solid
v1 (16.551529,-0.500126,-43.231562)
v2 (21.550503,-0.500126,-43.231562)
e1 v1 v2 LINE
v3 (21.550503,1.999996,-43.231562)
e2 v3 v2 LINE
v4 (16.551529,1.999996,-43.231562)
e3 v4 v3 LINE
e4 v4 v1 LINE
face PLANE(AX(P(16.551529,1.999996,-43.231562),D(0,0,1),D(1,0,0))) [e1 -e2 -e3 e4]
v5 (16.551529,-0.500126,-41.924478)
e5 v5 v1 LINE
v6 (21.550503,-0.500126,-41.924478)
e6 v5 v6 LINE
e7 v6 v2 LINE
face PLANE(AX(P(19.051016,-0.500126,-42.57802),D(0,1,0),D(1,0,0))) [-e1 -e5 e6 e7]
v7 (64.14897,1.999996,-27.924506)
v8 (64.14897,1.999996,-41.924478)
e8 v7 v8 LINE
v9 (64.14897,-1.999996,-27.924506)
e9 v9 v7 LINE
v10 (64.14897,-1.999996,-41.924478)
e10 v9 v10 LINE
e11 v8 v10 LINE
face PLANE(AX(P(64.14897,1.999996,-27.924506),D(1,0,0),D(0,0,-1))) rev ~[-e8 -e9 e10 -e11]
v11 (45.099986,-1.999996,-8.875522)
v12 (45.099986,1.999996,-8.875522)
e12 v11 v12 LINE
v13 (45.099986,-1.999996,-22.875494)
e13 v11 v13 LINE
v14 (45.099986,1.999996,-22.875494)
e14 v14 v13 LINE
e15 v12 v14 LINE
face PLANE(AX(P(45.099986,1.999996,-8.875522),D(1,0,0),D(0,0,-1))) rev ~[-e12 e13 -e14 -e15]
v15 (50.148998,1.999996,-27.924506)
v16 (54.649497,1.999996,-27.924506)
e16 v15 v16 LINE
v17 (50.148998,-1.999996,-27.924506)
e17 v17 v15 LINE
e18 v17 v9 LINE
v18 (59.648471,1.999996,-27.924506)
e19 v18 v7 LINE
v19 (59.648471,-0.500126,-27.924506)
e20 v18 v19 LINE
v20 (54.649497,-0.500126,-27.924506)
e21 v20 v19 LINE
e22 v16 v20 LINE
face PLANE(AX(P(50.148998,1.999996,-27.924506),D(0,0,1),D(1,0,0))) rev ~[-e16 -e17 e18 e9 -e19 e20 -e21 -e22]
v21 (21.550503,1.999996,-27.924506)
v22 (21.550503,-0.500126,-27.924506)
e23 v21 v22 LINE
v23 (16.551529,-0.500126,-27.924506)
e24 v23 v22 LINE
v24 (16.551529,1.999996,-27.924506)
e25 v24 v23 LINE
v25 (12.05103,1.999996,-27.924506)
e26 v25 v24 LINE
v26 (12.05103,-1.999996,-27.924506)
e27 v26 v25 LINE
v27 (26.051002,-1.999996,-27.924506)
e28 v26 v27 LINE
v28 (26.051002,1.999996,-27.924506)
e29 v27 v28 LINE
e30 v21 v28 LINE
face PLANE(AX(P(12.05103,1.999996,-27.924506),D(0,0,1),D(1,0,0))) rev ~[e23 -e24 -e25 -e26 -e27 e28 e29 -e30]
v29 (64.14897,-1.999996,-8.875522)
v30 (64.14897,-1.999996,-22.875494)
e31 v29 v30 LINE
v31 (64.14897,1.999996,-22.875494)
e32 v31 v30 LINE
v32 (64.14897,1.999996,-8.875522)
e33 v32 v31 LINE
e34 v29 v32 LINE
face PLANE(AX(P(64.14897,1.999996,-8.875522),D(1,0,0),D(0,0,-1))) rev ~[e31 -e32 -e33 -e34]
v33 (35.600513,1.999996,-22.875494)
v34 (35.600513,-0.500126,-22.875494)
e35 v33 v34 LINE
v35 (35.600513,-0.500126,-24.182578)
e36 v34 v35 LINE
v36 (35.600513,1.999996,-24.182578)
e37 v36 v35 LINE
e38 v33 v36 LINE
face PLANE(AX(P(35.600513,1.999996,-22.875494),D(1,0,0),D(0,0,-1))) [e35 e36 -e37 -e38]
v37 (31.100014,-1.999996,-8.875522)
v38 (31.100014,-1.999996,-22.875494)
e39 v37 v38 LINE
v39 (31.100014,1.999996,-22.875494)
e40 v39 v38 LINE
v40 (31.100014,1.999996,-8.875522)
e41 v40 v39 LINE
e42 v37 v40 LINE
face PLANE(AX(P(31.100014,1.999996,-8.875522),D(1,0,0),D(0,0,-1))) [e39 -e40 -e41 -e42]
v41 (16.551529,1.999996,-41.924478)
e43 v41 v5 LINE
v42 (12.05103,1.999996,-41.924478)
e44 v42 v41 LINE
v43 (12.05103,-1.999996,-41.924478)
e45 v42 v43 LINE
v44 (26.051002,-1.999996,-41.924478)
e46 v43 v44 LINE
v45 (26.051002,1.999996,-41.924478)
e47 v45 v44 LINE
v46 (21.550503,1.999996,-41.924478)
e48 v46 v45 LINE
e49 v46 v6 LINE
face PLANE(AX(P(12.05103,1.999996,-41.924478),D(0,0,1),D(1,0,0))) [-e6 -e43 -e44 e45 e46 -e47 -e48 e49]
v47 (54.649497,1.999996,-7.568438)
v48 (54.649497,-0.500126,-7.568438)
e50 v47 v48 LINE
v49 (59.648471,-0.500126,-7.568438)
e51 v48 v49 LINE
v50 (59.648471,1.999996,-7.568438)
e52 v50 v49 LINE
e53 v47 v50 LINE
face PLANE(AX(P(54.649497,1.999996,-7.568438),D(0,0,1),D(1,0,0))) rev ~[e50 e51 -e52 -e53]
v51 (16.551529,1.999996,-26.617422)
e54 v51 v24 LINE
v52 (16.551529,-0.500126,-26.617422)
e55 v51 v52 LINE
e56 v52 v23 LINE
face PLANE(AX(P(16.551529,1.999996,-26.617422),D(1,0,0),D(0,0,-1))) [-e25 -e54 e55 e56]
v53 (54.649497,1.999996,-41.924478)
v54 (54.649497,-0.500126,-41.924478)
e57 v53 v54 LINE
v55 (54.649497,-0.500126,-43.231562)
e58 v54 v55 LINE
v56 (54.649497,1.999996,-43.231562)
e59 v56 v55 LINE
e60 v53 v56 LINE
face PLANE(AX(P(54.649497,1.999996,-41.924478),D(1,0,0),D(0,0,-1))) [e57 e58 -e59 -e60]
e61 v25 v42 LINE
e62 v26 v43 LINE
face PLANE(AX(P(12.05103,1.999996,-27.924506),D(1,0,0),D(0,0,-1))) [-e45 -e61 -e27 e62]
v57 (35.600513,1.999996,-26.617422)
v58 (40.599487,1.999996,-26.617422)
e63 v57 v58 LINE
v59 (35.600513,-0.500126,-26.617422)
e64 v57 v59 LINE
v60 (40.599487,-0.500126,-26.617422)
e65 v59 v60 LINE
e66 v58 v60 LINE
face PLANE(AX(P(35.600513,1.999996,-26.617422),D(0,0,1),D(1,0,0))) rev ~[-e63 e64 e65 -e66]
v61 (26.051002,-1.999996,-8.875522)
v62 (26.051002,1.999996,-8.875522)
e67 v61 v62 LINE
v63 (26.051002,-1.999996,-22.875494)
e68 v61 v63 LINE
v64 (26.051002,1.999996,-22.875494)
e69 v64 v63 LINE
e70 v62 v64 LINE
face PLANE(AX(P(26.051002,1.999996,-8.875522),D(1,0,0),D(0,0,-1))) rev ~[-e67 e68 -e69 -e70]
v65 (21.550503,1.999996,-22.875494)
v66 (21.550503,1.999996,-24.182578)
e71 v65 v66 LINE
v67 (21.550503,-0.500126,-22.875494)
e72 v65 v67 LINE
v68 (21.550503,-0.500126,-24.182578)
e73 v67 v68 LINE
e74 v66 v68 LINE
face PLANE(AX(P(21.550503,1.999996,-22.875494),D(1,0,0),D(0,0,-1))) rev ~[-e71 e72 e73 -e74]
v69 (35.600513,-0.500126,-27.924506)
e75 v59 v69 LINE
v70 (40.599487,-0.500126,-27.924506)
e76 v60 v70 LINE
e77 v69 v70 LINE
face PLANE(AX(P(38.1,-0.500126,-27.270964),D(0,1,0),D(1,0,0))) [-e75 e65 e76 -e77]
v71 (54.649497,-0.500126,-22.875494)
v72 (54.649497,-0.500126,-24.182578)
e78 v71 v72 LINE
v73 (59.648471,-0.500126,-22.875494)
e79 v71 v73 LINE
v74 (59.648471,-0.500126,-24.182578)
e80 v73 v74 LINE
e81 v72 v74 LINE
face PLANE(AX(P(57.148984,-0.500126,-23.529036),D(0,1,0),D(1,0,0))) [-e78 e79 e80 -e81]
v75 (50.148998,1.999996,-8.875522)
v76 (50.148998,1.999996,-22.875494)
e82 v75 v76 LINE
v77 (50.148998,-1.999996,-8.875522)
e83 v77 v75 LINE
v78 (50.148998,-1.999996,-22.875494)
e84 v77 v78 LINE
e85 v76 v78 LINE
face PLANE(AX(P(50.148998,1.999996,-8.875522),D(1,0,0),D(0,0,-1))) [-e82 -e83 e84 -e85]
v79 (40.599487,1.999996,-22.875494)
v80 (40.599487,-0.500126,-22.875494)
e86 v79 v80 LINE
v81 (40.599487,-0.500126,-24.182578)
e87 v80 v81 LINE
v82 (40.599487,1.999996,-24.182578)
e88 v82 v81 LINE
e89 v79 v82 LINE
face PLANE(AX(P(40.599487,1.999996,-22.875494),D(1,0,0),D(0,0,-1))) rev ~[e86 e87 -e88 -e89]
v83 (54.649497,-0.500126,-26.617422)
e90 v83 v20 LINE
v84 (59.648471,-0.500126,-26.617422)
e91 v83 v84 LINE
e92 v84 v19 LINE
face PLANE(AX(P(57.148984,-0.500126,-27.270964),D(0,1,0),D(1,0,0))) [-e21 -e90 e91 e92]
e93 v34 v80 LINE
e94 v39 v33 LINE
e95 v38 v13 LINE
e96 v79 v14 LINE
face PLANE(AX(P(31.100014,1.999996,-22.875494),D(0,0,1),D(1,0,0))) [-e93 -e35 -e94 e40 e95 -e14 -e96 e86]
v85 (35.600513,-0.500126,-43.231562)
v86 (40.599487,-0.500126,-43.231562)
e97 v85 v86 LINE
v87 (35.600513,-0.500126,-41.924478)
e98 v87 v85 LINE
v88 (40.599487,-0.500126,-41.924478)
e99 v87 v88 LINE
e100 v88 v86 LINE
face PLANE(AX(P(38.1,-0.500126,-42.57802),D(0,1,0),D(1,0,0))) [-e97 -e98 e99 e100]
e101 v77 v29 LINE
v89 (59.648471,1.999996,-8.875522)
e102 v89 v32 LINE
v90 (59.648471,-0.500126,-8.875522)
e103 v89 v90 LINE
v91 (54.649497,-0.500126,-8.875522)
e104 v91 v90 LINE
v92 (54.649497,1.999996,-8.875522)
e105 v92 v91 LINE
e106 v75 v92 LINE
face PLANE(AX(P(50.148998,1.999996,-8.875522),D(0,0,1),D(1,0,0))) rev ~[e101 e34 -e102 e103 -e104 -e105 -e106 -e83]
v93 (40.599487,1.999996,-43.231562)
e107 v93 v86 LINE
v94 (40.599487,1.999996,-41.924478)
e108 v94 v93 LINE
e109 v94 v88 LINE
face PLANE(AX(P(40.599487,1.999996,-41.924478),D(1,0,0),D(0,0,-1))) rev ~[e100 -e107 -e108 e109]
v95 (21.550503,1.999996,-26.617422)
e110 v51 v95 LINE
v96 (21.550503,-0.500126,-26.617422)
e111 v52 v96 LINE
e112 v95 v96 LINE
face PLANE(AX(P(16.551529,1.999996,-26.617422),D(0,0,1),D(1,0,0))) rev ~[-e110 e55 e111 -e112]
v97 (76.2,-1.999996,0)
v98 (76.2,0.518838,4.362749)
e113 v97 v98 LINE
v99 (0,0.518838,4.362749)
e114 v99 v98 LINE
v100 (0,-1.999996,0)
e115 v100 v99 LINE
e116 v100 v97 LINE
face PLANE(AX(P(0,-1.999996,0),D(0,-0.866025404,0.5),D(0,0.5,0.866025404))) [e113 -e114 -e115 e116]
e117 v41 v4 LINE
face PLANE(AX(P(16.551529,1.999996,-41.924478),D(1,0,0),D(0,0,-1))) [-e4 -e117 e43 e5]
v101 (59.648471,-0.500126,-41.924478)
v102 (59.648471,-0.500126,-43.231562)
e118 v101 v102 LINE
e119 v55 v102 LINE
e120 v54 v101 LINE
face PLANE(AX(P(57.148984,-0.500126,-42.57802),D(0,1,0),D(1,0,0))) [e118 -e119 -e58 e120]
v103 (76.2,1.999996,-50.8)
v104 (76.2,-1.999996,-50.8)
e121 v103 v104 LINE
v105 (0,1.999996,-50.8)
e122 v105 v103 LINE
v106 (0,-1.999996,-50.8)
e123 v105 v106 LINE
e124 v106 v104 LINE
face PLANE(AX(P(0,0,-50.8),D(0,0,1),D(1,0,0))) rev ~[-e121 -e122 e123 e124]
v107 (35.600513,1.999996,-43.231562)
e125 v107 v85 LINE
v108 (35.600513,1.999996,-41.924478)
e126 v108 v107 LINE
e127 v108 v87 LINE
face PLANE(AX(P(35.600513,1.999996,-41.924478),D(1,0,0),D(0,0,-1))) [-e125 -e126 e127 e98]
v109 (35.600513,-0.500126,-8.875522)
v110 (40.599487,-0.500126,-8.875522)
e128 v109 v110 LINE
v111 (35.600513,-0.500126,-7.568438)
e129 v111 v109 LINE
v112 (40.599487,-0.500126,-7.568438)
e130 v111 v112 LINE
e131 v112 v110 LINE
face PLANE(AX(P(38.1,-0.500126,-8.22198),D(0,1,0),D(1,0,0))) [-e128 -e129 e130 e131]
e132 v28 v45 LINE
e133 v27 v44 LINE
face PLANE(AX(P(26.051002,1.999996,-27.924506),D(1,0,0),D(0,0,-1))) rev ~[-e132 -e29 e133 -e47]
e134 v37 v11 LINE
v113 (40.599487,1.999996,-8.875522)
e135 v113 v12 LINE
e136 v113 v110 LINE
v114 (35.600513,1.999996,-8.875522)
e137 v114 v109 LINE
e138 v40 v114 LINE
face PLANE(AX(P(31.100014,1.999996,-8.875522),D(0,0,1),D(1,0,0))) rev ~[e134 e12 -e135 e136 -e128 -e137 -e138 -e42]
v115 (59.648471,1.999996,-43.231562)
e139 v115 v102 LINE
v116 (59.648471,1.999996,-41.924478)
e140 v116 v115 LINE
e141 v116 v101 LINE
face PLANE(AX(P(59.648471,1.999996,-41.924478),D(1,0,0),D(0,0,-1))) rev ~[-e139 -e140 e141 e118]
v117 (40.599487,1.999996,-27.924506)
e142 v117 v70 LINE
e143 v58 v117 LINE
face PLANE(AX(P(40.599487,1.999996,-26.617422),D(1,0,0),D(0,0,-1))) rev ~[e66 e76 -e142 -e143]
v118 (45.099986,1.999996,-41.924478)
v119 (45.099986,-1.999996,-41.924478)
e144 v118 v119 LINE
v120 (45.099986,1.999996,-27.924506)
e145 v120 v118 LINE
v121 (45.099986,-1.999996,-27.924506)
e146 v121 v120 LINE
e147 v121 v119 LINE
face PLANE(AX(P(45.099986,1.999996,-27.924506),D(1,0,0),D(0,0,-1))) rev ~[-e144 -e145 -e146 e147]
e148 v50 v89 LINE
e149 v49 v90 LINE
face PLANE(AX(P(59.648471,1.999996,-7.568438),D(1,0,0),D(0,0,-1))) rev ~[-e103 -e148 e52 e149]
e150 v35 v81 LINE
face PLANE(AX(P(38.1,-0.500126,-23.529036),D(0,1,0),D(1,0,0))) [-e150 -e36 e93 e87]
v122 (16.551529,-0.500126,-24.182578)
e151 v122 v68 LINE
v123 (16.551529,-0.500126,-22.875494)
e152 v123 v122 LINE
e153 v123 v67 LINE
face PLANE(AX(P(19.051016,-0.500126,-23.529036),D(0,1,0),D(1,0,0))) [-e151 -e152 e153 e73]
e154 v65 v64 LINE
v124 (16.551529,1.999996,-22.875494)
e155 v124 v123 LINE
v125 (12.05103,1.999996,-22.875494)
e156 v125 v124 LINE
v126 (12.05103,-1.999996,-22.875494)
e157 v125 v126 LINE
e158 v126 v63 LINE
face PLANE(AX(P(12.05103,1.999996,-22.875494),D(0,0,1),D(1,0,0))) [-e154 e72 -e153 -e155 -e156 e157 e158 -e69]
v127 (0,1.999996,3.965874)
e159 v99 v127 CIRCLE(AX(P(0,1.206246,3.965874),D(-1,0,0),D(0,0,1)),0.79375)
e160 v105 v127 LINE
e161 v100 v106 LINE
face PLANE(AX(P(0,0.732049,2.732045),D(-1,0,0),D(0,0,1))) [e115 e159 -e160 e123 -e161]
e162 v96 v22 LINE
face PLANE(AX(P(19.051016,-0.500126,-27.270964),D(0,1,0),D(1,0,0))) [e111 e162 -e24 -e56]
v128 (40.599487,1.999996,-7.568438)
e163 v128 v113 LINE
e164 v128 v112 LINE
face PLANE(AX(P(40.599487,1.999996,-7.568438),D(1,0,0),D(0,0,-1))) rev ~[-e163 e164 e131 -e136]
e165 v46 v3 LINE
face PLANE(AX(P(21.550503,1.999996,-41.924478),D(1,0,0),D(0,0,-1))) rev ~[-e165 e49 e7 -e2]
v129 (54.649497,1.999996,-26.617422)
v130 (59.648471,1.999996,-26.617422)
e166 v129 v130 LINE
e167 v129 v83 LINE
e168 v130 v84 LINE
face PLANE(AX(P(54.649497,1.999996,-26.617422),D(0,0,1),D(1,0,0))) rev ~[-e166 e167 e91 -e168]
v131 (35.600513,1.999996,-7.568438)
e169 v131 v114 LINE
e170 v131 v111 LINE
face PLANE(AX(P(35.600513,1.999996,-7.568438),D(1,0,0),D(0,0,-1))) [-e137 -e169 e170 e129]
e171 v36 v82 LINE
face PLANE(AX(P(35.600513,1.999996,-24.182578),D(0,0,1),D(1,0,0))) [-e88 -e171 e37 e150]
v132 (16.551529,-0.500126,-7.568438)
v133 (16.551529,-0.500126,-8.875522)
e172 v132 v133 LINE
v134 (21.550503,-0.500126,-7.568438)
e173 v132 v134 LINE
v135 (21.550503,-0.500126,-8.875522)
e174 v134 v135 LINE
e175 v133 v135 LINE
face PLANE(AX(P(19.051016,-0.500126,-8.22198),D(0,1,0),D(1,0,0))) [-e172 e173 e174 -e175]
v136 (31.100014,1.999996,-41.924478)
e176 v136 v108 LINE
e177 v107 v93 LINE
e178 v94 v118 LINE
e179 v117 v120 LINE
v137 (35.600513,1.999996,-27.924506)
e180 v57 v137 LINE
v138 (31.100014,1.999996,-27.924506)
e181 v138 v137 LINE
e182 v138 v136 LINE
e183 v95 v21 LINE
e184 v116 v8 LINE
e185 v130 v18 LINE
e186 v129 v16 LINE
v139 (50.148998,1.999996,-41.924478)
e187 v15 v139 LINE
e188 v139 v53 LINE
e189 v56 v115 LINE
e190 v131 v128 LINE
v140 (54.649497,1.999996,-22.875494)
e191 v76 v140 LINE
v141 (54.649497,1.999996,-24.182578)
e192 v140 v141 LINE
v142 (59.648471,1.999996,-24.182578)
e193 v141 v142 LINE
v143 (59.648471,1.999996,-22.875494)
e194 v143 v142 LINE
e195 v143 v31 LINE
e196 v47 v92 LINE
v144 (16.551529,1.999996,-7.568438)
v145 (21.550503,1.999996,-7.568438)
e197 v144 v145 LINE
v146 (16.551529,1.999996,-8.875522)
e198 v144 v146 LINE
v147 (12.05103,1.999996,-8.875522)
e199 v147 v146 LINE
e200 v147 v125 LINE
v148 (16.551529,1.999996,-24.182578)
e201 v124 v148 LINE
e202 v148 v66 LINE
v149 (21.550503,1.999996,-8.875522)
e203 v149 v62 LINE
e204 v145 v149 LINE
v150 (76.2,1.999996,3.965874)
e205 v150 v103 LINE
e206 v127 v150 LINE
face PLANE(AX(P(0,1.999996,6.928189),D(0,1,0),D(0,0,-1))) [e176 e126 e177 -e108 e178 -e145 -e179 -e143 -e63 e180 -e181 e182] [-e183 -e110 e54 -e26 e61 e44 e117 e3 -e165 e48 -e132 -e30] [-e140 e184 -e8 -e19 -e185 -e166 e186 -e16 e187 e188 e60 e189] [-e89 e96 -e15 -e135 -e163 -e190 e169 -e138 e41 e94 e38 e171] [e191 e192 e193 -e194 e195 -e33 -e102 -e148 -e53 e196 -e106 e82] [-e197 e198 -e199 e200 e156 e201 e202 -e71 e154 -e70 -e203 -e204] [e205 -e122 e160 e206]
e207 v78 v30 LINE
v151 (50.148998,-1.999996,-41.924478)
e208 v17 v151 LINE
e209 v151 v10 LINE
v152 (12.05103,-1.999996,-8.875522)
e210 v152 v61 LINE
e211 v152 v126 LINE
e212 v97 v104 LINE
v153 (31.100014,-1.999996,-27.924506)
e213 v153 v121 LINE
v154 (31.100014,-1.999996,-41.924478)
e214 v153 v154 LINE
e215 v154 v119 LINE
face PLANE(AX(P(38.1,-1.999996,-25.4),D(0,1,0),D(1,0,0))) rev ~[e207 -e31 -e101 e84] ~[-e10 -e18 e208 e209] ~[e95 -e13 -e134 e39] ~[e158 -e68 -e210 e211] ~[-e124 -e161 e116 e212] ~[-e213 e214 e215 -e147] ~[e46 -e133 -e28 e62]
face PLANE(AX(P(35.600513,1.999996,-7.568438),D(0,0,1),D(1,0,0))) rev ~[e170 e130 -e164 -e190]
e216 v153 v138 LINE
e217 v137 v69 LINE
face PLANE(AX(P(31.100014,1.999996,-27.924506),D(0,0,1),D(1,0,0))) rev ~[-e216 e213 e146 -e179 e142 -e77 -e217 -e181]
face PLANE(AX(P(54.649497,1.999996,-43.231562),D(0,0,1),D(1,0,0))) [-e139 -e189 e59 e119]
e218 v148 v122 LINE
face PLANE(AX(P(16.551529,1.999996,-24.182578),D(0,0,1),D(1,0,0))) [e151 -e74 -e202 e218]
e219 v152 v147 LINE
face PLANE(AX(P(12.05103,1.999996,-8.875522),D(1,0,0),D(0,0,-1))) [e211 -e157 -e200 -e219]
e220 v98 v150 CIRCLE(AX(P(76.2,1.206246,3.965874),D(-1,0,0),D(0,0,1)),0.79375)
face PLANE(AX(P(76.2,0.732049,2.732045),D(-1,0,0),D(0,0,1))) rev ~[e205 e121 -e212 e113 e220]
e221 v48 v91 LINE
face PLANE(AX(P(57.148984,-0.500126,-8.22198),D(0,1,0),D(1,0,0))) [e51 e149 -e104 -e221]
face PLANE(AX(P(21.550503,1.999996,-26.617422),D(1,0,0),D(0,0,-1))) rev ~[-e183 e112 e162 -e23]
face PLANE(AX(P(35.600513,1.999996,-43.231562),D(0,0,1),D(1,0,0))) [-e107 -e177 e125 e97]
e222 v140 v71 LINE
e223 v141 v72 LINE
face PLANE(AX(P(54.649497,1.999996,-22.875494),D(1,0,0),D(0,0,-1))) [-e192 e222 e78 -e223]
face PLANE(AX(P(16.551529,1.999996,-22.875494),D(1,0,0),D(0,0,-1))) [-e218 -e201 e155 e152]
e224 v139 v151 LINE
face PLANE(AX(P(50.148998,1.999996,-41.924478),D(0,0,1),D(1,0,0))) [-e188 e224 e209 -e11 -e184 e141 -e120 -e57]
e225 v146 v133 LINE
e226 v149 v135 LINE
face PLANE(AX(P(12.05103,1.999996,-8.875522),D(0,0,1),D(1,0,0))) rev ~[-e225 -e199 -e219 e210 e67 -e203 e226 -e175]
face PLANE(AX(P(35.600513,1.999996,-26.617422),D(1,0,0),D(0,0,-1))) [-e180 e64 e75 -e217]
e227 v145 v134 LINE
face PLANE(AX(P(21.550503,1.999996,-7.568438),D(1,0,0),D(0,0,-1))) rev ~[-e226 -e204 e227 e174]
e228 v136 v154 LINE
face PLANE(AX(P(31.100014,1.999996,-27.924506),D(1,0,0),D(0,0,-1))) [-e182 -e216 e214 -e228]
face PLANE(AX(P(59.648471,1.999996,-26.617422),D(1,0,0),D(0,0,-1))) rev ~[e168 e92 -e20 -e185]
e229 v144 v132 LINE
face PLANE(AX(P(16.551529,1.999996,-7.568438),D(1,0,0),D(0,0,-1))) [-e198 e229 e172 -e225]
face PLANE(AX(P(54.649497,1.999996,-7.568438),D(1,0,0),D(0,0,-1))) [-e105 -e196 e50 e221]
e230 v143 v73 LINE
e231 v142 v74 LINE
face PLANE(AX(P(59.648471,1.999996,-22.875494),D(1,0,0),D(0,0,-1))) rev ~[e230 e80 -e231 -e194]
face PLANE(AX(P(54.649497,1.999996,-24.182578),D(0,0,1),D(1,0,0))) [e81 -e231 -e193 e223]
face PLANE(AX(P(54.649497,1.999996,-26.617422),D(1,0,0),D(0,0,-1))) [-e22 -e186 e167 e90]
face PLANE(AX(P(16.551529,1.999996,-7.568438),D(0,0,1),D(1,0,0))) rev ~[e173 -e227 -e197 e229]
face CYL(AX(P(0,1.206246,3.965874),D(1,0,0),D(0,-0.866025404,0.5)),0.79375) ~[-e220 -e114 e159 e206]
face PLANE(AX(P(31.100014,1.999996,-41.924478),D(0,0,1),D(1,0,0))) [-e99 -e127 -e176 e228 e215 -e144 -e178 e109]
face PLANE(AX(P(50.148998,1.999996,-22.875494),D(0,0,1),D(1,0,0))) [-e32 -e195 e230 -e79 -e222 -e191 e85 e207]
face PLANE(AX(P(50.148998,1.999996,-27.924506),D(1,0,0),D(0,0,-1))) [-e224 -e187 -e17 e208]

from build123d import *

# Parameters (mm, degrees)
SKETCH1_W            = 76.2
SKETCH1_H            = 50.8
BOSS_EXTRUDE1_DEPTH  = 1.999996
SKETCH2_W            = 13.999972
SKETCH2_H            = 13.999972
CUT_EXTRUDE1_DEPTH   = 92.668314788
SKETCH3_W            = 4.998974
SKETCH3_H            = 1.307084
CUT_EXTRUDE2_DEPTH   = 2.500122
LPATTERN1_COUNT      = 3
LPATTERN1_PITCH      = 19.048984
LPATTERN1_COUNT_DIR2 = 2
LPATTERN1_PITCH_DIR2 = 19.048984
BOSS_EXTRUDE2_DEPTH  = 76.2
FILLET1_R            = 0.79375


with BuildPart() as part:
    # Sketch1 → Boss-Extrude1 (new, symmetric)
    with BuildSketch(Plane(origin=(0, 0, 0), x_dir=(1, 0, 0), z_dir=(0, 1, 0))):
        with Locations((38.1, 25.4)):
            Rectangle(SKETCH1_W, SKETCH1_H)
    extrude(amount=BOSS_EXTRUDE1_DEPTH, both=True)

    # Sketch2 → Cut-Extrude1 (cut, symmetric)
    with BuildSketch(Plane(origin=(0, 1.999996, 0), x_dir=(1, 0, 0), z_dir=(0, 1, 0))):
        with Locations((19.051016, 34.924492)):
            Rectangle(SKETCH2_W, SKETCH2_H)
    cut_extrude1 = extrude(amount=CUT_EXTRUDE1_DEPTH, both=True, mode=Mode.SUBTRACT)

    # Sketch3 → Cut-Extrude2 (cut)
    with BuildSketch(Plane(origin=(0, 1.999996, 0), x_dir=(1, 0, 0), z_dir=(0, 1, 0))):
        with Locations((19.051016, 42.57802)):
            Rectangle(SKETCH3_W, SKETCH3_H)
        with Locations((19.051016, 27.270964)):
            Rectangle(SKETCH3_W, SKETCH3_H)
    cut_extrude2 = extrude(amount=-CUT_EXTRUDE2_DEPTH, mode=Mode.SUBTRACT)

    # LPattern1: Cut-Extrude1, Cut-Extrude2 3 × 2
    with Locations(*[(i * LPATTERN1_PITCH, 0, j * LPATTERN1_PITCH_DIR2) for i in range(LPATTERN1_COUNT) for j in range(LPATTERN1_COUNT_DIR2) if (i, j) != (0, 0)]):
        add(cut_extrude1, mode=Mode.SUBTRACT)
        add(cut_extrude2, mode=Mode.SUBTRACT)

    # Sketch4 → Boss-Extrude2 (add)
    with BuildSketch(Plane.ZY):
        Polygon((0, -1.999996), (6.928189374, 1.999996), (0, 1.999996), align=None)
    extrude(amount=-BOSS_EXTRUDE2_DEPTH)

    # Fillet1
    fillet1_edges = [part.edges().sort_by_distance(p)[0] for p in [
        (38.1, 1.999996, 6.928189374),
    ]]
    fillet(fillet1_edges, radius=FILLET1_R)


solid = part.part
